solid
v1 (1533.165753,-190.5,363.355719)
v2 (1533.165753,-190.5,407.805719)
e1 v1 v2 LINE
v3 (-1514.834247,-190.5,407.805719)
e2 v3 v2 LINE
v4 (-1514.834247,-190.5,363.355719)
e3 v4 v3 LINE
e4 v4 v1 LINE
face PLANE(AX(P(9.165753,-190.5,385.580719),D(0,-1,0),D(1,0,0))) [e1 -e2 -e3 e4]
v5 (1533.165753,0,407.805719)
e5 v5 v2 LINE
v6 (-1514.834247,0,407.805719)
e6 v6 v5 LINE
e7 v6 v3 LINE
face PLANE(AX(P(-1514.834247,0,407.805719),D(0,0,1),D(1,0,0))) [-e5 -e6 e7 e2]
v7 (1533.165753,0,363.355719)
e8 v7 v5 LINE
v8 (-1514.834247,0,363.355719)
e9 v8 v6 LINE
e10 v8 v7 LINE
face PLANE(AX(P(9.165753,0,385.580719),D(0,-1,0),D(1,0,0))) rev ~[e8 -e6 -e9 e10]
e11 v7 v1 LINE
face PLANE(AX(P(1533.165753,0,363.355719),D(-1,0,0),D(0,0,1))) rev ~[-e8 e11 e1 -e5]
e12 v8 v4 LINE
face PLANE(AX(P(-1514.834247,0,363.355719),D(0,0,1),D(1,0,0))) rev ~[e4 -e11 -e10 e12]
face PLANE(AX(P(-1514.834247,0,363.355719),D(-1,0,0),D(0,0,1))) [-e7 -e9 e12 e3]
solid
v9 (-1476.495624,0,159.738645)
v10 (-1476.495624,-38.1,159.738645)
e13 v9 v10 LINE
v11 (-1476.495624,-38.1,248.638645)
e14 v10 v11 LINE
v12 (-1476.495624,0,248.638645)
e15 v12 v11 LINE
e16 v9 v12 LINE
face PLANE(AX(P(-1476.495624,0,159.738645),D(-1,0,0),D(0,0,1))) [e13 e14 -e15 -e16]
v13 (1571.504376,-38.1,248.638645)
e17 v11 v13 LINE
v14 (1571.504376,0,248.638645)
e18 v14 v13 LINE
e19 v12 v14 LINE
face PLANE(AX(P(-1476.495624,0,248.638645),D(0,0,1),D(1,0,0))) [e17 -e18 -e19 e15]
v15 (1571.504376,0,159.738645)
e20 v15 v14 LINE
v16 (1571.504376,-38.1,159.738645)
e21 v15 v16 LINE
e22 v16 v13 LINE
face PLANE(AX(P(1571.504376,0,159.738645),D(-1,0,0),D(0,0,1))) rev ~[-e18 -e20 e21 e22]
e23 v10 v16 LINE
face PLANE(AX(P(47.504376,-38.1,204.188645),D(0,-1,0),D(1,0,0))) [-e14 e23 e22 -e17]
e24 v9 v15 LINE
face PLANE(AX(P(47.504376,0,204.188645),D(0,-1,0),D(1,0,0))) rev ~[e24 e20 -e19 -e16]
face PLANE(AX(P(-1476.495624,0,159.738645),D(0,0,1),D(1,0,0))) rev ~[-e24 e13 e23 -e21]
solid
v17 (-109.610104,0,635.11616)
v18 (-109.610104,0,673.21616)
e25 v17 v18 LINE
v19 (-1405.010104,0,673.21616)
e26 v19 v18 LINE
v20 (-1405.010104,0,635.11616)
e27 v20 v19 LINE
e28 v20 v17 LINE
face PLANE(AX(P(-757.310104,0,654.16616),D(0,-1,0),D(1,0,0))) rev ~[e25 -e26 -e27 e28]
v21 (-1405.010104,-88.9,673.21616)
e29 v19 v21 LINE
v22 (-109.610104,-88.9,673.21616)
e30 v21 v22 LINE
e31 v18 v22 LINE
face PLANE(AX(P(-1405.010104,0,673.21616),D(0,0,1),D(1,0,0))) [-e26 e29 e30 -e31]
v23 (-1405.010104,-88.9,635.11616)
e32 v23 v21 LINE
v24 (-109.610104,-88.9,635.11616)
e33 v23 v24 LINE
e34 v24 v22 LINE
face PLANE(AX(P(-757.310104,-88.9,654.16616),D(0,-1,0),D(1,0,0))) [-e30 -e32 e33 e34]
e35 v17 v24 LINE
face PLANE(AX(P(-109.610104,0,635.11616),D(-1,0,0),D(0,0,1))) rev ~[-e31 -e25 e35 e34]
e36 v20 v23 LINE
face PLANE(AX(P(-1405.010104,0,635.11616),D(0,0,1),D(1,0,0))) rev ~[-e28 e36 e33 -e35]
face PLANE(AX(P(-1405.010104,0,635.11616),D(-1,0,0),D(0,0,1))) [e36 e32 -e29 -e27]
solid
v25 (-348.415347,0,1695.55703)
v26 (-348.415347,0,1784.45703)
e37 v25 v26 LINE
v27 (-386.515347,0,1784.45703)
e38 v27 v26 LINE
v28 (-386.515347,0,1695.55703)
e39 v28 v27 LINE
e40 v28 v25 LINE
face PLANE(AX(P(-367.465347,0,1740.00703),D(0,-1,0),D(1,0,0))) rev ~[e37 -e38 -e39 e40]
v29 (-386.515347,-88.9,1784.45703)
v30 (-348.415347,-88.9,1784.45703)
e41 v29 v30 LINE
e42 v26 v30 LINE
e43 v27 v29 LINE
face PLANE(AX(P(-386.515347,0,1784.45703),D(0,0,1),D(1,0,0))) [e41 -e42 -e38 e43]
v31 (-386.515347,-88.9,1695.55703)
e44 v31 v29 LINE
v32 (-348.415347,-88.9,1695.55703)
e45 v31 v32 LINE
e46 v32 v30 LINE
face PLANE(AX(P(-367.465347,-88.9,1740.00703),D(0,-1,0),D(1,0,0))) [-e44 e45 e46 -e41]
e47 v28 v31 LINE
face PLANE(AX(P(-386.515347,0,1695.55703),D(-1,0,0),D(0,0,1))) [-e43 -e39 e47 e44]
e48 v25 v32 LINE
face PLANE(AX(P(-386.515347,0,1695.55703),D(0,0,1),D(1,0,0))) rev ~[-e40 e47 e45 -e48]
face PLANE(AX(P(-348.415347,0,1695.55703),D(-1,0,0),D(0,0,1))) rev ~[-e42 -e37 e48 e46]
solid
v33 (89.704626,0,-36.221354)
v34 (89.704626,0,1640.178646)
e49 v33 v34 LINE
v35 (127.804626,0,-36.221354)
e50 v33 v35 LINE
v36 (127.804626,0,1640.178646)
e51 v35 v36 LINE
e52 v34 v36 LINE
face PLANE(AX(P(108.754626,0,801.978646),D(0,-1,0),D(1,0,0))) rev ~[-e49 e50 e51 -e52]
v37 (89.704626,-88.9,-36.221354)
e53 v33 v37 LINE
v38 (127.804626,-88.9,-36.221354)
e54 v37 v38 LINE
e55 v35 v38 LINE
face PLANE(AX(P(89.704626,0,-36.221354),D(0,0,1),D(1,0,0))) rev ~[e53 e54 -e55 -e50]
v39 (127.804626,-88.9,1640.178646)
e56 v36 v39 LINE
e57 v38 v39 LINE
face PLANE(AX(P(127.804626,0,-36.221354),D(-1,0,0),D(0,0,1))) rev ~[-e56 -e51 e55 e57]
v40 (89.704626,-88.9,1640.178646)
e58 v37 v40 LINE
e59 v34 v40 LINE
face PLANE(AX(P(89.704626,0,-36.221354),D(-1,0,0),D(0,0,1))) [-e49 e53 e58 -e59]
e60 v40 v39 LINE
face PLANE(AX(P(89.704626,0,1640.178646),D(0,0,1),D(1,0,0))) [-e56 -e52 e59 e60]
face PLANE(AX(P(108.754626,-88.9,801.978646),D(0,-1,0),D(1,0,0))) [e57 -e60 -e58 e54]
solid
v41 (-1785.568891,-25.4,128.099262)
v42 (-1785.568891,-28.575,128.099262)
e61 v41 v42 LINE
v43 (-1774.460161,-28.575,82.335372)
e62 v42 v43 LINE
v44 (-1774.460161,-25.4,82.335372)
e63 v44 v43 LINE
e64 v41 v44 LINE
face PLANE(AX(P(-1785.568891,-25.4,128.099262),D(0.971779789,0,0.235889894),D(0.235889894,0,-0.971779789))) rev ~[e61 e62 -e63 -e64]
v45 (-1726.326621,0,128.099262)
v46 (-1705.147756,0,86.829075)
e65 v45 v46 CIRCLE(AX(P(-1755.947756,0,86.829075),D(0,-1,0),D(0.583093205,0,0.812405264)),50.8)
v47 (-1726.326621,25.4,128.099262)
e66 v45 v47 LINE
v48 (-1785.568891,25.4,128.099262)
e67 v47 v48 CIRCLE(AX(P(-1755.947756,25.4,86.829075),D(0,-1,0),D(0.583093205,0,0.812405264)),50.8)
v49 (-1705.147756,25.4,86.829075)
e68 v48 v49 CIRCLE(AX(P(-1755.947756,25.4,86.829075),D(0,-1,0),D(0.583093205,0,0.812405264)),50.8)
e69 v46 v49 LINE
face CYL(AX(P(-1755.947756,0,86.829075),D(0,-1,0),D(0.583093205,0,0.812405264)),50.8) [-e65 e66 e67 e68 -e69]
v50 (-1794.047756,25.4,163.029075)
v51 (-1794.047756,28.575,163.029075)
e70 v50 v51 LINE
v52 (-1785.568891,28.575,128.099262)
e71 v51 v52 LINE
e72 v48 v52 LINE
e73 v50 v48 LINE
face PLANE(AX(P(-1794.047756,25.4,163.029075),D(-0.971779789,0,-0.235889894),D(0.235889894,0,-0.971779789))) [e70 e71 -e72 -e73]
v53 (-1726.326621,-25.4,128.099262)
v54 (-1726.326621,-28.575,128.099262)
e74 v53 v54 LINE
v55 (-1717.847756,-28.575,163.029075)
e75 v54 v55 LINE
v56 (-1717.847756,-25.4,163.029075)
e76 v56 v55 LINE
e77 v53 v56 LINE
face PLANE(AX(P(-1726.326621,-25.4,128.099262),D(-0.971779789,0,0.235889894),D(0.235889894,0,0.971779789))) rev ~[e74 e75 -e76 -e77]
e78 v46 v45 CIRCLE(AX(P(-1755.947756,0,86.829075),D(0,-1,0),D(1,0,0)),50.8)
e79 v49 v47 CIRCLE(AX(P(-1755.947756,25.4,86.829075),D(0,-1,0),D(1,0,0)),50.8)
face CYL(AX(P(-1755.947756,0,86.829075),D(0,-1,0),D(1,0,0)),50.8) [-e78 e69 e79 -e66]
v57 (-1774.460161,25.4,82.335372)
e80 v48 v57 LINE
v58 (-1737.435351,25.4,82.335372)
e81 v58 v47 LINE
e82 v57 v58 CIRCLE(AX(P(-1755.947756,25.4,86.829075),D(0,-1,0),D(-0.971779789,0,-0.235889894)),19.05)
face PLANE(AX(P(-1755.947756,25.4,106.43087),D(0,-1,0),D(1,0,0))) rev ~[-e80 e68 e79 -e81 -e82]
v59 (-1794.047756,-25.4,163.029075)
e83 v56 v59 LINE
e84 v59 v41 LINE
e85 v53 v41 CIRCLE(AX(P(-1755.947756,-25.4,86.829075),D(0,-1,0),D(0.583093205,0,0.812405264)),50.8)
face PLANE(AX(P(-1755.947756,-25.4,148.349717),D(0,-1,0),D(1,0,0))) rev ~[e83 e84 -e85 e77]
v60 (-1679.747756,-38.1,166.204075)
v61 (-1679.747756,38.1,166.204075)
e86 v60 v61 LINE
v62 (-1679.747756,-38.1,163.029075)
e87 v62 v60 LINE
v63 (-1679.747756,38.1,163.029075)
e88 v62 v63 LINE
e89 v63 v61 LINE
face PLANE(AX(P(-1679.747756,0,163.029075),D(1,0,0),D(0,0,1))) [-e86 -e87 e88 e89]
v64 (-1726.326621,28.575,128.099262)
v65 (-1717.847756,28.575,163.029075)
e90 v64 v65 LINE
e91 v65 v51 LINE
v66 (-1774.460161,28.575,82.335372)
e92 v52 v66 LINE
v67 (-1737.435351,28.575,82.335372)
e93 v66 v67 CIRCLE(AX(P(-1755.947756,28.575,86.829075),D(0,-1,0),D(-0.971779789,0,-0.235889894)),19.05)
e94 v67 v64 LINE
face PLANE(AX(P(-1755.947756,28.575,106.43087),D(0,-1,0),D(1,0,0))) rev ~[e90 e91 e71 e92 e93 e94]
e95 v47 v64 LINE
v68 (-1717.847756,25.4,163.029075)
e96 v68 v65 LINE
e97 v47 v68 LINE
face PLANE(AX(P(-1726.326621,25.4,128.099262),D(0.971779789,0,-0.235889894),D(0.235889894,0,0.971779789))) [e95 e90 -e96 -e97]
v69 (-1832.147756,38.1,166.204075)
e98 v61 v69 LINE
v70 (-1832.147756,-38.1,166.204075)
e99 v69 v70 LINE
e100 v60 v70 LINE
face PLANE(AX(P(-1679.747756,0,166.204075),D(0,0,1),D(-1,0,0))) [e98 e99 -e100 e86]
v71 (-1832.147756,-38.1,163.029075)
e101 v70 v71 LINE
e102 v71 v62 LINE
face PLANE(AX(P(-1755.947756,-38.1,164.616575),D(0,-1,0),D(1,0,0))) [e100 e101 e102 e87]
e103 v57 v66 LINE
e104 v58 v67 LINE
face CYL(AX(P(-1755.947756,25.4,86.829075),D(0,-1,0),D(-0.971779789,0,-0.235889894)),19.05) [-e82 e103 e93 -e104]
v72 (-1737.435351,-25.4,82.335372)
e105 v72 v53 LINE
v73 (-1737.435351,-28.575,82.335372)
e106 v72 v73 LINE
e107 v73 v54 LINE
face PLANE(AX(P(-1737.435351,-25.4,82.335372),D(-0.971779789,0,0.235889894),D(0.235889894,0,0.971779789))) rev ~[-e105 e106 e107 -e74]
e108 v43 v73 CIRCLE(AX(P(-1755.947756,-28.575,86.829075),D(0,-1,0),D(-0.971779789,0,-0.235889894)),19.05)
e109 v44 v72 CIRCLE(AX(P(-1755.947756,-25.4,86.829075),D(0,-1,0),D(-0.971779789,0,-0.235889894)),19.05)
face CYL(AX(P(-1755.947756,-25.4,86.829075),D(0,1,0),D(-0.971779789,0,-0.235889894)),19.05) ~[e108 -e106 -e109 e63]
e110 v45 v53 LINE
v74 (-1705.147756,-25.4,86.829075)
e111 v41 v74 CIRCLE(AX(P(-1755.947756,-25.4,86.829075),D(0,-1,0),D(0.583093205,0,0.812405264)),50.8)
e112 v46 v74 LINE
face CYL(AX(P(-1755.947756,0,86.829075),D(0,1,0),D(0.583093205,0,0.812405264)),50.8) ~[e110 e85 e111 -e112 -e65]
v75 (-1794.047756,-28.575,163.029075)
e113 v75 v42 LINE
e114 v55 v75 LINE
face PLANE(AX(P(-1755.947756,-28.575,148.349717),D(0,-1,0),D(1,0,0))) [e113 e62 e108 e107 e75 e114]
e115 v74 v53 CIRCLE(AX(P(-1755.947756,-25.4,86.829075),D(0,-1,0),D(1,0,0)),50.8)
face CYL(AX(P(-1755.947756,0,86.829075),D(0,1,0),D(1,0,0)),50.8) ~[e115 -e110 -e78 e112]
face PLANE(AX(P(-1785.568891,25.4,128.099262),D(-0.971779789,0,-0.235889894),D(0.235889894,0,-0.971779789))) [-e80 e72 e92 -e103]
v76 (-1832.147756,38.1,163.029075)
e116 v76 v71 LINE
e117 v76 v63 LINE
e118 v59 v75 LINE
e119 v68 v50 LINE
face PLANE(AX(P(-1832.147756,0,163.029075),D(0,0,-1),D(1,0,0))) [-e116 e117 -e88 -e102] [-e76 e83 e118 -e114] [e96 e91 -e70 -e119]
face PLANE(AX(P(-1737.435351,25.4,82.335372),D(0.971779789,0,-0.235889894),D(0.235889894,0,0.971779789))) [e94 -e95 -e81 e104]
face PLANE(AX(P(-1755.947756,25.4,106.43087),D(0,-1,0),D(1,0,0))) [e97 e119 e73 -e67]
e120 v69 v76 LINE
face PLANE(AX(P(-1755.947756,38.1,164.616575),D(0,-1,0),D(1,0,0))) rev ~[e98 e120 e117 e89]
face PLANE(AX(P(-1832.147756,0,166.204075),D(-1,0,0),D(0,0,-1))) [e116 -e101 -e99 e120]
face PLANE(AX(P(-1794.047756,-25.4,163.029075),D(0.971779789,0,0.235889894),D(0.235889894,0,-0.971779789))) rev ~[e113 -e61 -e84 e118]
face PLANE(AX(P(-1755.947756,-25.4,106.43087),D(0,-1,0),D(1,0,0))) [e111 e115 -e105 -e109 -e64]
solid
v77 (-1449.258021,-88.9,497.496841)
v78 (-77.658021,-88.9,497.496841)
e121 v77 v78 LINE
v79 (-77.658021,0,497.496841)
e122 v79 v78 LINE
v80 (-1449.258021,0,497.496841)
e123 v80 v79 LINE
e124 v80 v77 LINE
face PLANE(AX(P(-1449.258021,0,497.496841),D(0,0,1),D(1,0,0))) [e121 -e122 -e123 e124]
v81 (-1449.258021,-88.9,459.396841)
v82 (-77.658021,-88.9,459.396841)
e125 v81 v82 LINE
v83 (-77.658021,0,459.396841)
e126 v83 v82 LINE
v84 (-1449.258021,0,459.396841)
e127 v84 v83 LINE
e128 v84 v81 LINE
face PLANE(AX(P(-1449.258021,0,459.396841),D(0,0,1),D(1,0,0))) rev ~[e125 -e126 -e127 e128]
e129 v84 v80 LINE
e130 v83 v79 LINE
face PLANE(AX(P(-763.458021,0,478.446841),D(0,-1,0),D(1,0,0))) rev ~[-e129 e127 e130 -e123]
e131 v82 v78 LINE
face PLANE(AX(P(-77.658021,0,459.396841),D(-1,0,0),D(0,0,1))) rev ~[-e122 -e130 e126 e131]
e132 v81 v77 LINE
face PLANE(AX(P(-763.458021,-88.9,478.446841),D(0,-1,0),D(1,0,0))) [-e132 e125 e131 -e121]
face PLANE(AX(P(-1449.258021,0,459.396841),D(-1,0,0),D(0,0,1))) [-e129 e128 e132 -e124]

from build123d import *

# Parameters (mm, degrees)
F0_W      = 38.1
F0_H      = 1676.4
F1_DEPTH  = 88.9
F2_W      = 38.1
F2_H      = 88.9
F3_DEPTH  = 88.9
F4_W      = 1371.6
F4_H      = 38.1
F5_DEPTH  = 88.9
F7_DEPTH  = 38.1
F8_START  = -25.4
F8_DEPTH  = 3.175
F9_START  = 25.4
F9_DEPTH  = 3.175
F10_DEPTH = 25.4
F11_W     = 1295.4
F11_H     = 38.1
F12_DEPTH = 88.9
F13_W     = 3048
F13_H     = 44.45
F14_DEPTH = 190.5
F15_W     = 3048
F15_H     = 88.9
F16_DEPTH = 38.1


with BuildPart() as f1:
    # F0 (on Front) → F1 (new body)
    with BuildSketch(Plane.XZ):
        with Locations((108.7546263142, 801.9786462794)):
            Rectangle(F0_W, F0_H)
    extrude(amount=F1_DEPTH)


with BuildPart() as f3:
    # F2 (on Front) → F3 (new body)
    with BuildSketch(Plane.XZ):
        with Locations((-367.4653470516, 1740.0070304467)):
            Rectangle(F2_W, F2_H)
    extrude(amount=F3_DEPTH)


with BuildPart() as f5:
    # F4 (on Front) → F5 (new body)
    with BuildSketch(Plane.XZ):
        with Locations((-763.4580210589, 478.4468412399)):
            Rectangle(F4_W, F4_H)
    extrude(amount=F5_DEPTH)


with BuildPart() as f7:
    # F6 (on Front) → F7 (new body, symmetric)
    with BuildSketch(Plane.XZ):
        Polygon((-1679.7477558136, 166.2040746689), (-1832.1477558136, 166.2040746689), (-1832.1477558136, 163.0290746689), (-1794.0477558136, 163.0290746689), (-1717.8477558136, 163.0290746689), (-1679.7477558136, 163.0290746689), align=None)
    extrude(amount=F7_DEPTH, both=True)

    # F6 (on Front) → F8 (join)
    with BuildSketch(Plane.XZ.offset(F8_START)):
        with BuildLine():
            ThreePointArc((-1726.3266209758, 128.0992621039), (-1755.9477558136, 137.6290746689), (-1785.5688906514, 128.0992621039))
            Line((-1785.5688906514, 128.0992621039), (-1774.4601607885, 82.3353721814))
            ThreePointArc((-1774.4601607885, 82.3353721814), (-1755.9477558136, 67.7790746689), (-1737.4353508387, 82.3353721814))
            Line((-1737.4353508387, 82.3353721814), (-1726.3266209758, 128.0992621039))
        make_face()
        with BuildLine():
            Line((-1717.8477558136, 163.0290746689), (-1794.0477558136, 163.0290746689))
            Line((-1794.0477558136, 163.0290746689), (-1785.5688906514, 128.0992621039))
            ThreePointArc((-1785.5688906514, 128.0992621039), (-1755.9477558136, 137.6290746689), (-1726.3266209758, 128.0992621039))
            Line((-1726.3266209758, 128.0992621039), (-1717.8477558136, 163.0290746689))
        make_face()
    extrude(amount=-F8_DEPTH)

    # F6 (on Front) → F9 (join)
    with BuildSketch(Plane.XZ.offset(F9_START)):
        with BuildLine():
            Line((-1717.8477558136, 163.0290746689), (-1794.0477558136, 163.0290746689))
            Line((-1794.0477558136, 163.0290746689), (-1785.5688906514, 128.0992621039))
            ThreePointArc((-1785.5688906514, 128.0992621039), (-1755.9477558136, 137.6290746689), (-1726.3266209758, 128.0992621039))
            Line((-1726.3266209758, 128.0992621039), (-1717.8477558136, 163.0290746689))
        make_face()
        with BuildLine():
            ThreePointArc((-1726.3266209758, 128.0992621039), (-1755.9477558136, 137.6290746689), (-1785.5688906514, 128.0992621039))
            Line((-1785.5688906514, 128.0992621039), (-1774.4601607885, 82.3353721814))
            ThreePointArc((-1774.4601607885, 82.3353721814), (-1755.9477558136, 67.7790746689), (-1737.4353508387, 82.3353721814))
            Line((-1737.4353508387, 82.3353721814), (-1726.3266209758, 128.0992621039))
        make_face()
    extrude(amount=F9_DEPTH)

    # F6 (on Front) → F10 (join, symmetric)
    with BuildSketch(Plane.XZ):
        with BuildLine():
            ThreePointArc((-1726.3266209758, 128.0992621039), (-1755.9477558136, 137.6290746689), (-1785.5688906514, 128.0992621039))
            Line((-1785.5688906514, 128.0992621039), (-1774.4601607885, 82.3353721814))
            ThreePointArc((-1774.4601607885, 82.3353721814), (-1755.9477558136, 67.7790746689), (-1737.4353508387, 82.3353721814))
            Line((-1737.4353508387, 82.3353721814), (-1726.3266209758, 128.0992621039))
        make_face()
        with BuildLine():
            Line((-1774.4601607885, 82.3353721814), (-1785.5688906514, 128.0992621039))
            ThreePointArc((-1785.5688906514, 128.0992621039), (-1779.1413578434, 41.6328710133), (-1705.1477558136, 86.8290746689))
            ThreePointArc((-1705.1477558136, 86.8290746689), (-1710.751552158, 110.0226766987), (-1726.3266209758, 128.0992621039))
            Line((-1726.3266209758, 128.0992621039), (-1737.4353508387, 82.3353721814))
            ThreePointArc((-1737.4353508387, 82.3353721814), (-1755.9477558136, 67.7790746689), (-1774.4601607885, 82.3353721814))
        make_face()
    extrude(amount=F10_DEPTH, both=True)


with BuildPart() as f12:
    # F11 (on Front) → F12 (new body)
    with BuildSketch(Plane.XZ):
        with Locations((-757.3101041794, 654.1661599159)):
            Rectangle(F11_W, F11_H)
    extrude(amount=F12_DEPTH)


with BuildPart() as f14:
    # F13 (on Front) → F14 (new body)
    with BuildSketch(Plane.XZ):
        with Locations((9.1657526059, 385.5807185173)):
            Rectangle(F13_W, F13_H)
    extrude(amount=F14_DEPTH)


with BuildPart() as f16:
    # F15 (on Front) → F16 (new body)
    with BuildSketch(Plane.XZ):
        with Locations((47.5043764114, 204.1886449575)):
            Rectangle(F15_W, F15_H)
    extrude(amount=F16_DEPTH)


solid = Compound([f1.part, f3.part, f5.part, f7.part, f12.part, f14.part, f16.part])
